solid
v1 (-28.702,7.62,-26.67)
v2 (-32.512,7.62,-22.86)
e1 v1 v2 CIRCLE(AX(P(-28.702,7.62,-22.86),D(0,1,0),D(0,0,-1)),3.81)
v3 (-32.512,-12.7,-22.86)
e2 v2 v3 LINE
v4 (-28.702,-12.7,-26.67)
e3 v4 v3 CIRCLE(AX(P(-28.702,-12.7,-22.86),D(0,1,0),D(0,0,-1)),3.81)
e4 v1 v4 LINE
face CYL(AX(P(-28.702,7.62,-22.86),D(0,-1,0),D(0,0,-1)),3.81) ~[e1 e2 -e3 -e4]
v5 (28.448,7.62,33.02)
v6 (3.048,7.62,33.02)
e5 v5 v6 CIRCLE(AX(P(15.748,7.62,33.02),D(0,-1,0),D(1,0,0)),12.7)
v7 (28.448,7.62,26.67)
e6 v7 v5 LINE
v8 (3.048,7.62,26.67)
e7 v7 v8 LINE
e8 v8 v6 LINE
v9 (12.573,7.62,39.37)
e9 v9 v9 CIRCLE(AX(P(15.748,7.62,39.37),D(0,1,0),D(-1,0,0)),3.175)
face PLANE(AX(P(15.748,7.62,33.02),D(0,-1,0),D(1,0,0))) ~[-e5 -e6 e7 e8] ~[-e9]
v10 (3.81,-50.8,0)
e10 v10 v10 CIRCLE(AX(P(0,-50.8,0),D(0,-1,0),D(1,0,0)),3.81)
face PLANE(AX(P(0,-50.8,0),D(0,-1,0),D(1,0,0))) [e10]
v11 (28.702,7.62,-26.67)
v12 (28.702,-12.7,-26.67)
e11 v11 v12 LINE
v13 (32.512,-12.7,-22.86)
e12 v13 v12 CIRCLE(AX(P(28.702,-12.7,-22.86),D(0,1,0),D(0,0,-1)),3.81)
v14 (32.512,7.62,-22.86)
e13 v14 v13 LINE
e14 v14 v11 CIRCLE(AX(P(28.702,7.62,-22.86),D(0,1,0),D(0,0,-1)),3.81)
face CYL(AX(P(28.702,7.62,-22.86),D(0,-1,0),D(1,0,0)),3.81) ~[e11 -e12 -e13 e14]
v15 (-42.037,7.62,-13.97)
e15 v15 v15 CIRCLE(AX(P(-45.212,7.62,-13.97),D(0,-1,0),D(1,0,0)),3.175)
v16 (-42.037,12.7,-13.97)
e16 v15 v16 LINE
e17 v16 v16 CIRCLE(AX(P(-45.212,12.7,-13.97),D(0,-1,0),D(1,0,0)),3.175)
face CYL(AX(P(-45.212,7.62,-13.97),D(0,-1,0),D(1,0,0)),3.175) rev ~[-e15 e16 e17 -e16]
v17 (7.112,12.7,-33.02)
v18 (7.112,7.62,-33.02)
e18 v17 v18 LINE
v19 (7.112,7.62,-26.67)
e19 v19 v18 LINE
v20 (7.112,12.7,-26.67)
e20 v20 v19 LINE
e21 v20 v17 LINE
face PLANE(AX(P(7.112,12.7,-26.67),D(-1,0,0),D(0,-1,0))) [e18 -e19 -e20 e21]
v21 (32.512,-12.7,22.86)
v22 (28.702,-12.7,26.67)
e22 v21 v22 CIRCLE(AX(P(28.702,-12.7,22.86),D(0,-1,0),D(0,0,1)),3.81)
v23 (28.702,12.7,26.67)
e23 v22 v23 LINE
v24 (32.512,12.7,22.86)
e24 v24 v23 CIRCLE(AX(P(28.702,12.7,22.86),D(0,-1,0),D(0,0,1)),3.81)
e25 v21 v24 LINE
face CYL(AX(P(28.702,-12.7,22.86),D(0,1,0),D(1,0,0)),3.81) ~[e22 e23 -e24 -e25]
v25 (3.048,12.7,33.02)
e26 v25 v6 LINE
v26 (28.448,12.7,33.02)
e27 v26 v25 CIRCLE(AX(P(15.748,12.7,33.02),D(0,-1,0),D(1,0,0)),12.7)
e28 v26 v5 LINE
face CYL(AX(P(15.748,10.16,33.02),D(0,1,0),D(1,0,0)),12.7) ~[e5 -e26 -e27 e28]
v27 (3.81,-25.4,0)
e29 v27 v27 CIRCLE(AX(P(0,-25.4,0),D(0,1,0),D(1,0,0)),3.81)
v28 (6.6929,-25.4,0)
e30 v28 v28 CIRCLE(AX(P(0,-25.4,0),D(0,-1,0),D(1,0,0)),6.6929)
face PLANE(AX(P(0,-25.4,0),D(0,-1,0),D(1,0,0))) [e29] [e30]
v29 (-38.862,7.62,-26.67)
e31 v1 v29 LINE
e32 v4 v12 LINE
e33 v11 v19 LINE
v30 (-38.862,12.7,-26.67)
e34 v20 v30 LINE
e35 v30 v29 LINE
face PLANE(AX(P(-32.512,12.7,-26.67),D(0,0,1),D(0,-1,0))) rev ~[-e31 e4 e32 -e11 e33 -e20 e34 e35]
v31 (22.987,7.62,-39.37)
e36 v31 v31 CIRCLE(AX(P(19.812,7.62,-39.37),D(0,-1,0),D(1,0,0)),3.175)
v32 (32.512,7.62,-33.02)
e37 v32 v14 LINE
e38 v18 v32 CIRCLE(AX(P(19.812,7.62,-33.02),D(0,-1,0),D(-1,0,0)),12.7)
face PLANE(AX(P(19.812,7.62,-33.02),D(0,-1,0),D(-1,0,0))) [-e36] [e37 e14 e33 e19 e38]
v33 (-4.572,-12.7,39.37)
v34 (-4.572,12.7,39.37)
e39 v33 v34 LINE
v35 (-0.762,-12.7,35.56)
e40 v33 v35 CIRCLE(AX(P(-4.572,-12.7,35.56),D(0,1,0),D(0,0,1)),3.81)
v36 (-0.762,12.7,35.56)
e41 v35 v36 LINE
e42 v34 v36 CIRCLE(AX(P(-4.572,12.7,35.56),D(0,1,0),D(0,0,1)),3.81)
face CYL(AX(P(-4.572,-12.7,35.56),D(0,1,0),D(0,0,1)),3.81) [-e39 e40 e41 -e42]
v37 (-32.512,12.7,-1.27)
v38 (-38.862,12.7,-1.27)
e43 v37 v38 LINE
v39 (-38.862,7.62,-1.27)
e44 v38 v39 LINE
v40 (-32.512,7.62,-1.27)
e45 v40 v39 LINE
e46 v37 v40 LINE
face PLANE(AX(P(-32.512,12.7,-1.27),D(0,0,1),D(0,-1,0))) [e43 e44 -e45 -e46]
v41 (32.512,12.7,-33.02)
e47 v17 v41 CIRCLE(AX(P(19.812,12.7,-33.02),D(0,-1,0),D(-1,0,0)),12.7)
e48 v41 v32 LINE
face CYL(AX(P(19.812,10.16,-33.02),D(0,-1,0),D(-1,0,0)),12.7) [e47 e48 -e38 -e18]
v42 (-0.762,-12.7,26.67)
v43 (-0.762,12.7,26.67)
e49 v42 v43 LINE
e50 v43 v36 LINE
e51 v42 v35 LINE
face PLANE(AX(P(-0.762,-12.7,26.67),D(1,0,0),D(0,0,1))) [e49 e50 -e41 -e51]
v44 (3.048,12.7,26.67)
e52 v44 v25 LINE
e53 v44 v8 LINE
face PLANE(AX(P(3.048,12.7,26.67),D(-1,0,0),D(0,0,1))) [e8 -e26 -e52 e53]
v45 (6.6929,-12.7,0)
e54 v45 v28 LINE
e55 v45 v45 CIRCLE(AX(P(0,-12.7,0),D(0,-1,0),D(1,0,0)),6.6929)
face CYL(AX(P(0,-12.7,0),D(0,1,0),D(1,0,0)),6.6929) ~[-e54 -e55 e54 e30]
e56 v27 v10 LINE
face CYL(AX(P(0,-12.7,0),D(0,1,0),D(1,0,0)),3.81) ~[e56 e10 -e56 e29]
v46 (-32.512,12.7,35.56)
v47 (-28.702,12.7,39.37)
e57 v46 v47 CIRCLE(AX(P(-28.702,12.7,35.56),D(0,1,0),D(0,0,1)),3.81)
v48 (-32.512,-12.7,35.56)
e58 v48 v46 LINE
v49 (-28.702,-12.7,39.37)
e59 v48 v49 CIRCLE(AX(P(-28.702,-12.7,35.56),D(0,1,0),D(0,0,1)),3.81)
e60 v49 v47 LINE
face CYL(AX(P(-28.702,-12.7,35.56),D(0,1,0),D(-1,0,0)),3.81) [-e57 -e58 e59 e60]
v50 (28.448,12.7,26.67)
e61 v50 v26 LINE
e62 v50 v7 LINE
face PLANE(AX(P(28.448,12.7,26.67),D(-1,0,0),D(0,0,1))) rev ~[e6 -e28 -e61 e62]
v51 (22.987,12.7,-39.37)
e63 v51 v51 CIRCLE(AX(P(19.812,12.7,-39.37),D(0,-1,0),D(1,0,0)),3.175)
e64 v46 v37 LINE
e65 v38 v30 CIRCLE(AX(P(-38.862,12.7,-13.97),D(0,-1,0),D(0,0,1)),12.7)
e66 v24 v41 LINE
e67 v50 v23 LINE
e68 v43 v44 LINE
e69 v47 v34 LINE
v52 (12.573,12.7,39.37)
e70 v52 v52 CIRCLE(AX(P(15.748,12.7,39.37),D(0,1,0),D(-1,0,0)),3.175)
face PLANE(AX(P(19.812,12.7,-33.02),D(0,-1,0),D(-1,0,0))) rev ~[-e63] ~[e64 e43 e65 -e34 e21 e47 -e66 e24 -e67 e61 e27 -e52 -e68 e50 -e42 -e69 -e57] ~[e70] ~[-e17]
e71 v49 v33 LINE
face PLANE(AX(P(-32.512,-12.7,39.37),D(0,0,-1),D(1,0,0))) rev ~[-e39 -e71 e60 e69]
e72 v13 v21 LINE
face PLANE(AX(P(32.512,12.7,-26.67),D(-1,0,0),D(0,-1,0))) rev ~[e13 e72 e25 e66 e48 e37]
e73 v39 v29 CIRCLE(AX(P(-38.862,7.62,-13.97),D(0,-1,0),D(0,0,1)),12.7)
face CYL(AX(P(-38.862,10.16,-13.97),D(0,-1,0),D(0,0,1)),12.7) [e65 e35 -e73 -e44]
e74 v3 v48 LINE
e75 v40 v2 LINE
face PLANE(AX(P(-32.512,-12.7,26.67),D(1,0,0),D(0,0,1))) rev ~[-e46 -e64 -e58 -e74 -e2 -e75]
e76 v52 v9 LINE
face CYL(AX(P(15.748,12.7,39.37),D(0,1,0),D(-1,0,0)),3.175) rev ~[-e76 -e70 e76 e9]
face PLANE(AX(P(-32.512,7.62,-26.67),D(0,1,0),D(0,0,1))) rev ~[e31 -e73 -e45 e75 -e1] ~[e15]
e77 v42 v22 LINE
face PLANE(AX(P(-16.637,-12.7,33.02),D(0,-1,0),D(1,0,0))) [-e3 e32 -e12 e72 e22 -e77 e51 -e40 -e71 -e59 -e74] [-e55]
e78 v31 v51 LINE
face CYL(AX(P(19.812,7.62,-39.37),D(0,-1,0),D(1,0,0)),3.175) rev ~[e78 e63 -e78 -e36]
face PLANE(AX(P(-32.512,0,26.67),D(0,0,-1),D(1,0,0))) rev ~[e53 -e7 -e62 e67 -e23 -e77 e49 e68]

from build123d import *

# Parameters (mm, degrees)
F0_W          = 65.024
F0_H          = 53.34
F1_DEPTH      = 12.7
F1_DEPTH_BACK = 12.7
F2_W          = 31.75
F2_H          = 12.7
F3_DEPTH      = 25.4
F4_W          = 25.4
F4_H          = 6.35
F5_DEPTH      = 5.08
F7_W          = 12.7
F7_H          = 5.08
F8_ANGLE      = 180
F9_R          = 3.175
F10_DEPTH     = 25.4
F11_W         = 5.08
F11_H         = 25.4
F12_DEPTH     = 6.35
F13_W         = 5.08
F13_H         = 12.7
F15_R         = 3.175
F16_DEPTH     = 25.4
F17_W         = 25.4
F17_H         = 5.08
F18_DEPTH     = 6.35
F19_W         = 12.7
F19_H         = 5.08
F21_R         = 3.175
F22_DEPTH     = 25.4
F23_R         = 3.81
F24_R         = 6.6929
F24_R_2       = 2.54
F25_DEPTH     = 12.7
F26_R         = 3.81
F27_DEPTH     = 38.1


with BuildPart() as f1:
    # F0 (on Front) → F1 (new body, two sides)
    with BuildSketch(Plane.XZ) as f1_sk:
        Rectangle(F0_W, F0_H)
    extrude(amount=F1_DEPTH)
    extrude(f1_sk.sketch, amount=-F1_DEPTH_BACK)

    # F2 (on face) → F3 (join)
    with BuildSketch(Plane.XZ.offset(12.7)):
        with Locations((-16.637, 33.02)):
            Rectangle(F2_W, F2_H)
    extrude(amount=-F3_DEPTH)

    # F4 (on face) → F5 (join)
    with BuildSketch(Plane(origin=(0, 12.7, 0), x_dir=(-1, 0, 0), z_dir=(0, 1, 0))):
        with Locations((-15.748, 29.845)):
            Rectangle(F4_W, F4_H)
    extrude(amount=-F5_DEPTH)

    # F7 (on face) → F8 (revolve)
    with BuildSketch(Plane.XY.offset(33.02)):
        with Locations((22.098, 10.16)):
            Rectangle(F7_W, F7_H)
    revolve(axis=Axis((15.748, 10.16, 33.02), (0, -1, 0)), revolution_arc=F8_ANGLE)

    # F9 (on face) → F10 (cut)
    with BuildSketch(Plane(origin=(0, 12.7, 0), x_dir=(-1, 0, 0), z_dir=(0, 1, 0))):
        with Locations((-15.748, 39.37)):
            Circle(F9_R)
    extrude(amount=-F10_DEPTH, mode=Mode.SUBTRACT)

    # F11 (on face) → F12 (join)
    with BuildSketch(Plane(origin=(-32.512, 0, 0), x_dir=(0, -1, 0), z_dir=(-1, 0, 0))):
        with Locations((-10.16, -13.97)):
            Rectangle(F11_W, F11_H)
    extrude(amount=F12_DEPTH)

    # F13 (on face) → F14 (revolve)
    with BuildSketch(Plane(origin=(-38.862, 0, 0), x_dir=(0, -1, 0), z_dir=(-1, 0, 0))):
        with Locations((-10.16, -7.62)):
            Rectangle(F13_W, F13_H)
    revolve(axis=Axis((-38.862, 10.16, -13.97), (0, -1, 0)))

    # F15 (on face) → F16 (cut)
    with BuildSketch(Plane.XZ.offset(-7.62)):
        with Locations((-45.212, -13.97)):
            Circle(F15_R)
    extrude(amount=-F16_DEPTH, mode=Mode.SUBTRACT)

    # F17 (on face) → F18 (join)
    with BuildSketch(Plane(origin=(0, 0, -26.67), x_dir=(1, 0, 0), z_dir=(0, 0, -1))):
        with Locations((19.812, -10.16)):
            Rectangle(F17_W, F17_H)
    extrude(amount=F18_DEPTH)

    # F19 (on face) → F20 (revolve)
    with BuildSketch(Plane(origin=(0, 0, -33.02), x_dir=(1, 0, 0), z_dir=(0, 0, -1))):
        with Locations((13.462, -10.16)):
            Rectangle(F19_W, F19_H)
    revolve(axis=Axis((19.812, 10.16, -33.02), (0, -1, 0)))

    # F21 (on face) → F22 (cut)
    with BuildSketch(Plane.XZ.offset(-7.62)):
        with Locations((19.812, -39.37)):
            Circle(F21_R)
    extrude(amount=-F22_DEPTH, mode=Mode.SUBTRACT)

    # F23
    f23_edges = [f1.edges().sort_by_distance(p)[0] for p in [
        (-0.762, 0, 39.37),
        (-32.512, 0, 39.37),
        (32.512, 0, 26.67),
        (32.512, -2.54, -26.67),
        (-32.512, -2.54, -26.67),
    ]]
    fillet(f23_edges, radius=F23_R)

    # F24 (on face) → F25 (join)
    with BuildSketch(Plane.XZ.offset(12.7)):
        Circle(F24_R)
        Circle(F24_R_2, mode=Mode.SUBTRACT)
    extrude(amount=F25_DEPTH)

    # F26 (on face) → F27 (join)
    with BuildSketch(Plane.XZ.offset(12.7)):
        Circle(F26_R)
    extrude(amount=F27_DEPTH)


solid = f1.part
